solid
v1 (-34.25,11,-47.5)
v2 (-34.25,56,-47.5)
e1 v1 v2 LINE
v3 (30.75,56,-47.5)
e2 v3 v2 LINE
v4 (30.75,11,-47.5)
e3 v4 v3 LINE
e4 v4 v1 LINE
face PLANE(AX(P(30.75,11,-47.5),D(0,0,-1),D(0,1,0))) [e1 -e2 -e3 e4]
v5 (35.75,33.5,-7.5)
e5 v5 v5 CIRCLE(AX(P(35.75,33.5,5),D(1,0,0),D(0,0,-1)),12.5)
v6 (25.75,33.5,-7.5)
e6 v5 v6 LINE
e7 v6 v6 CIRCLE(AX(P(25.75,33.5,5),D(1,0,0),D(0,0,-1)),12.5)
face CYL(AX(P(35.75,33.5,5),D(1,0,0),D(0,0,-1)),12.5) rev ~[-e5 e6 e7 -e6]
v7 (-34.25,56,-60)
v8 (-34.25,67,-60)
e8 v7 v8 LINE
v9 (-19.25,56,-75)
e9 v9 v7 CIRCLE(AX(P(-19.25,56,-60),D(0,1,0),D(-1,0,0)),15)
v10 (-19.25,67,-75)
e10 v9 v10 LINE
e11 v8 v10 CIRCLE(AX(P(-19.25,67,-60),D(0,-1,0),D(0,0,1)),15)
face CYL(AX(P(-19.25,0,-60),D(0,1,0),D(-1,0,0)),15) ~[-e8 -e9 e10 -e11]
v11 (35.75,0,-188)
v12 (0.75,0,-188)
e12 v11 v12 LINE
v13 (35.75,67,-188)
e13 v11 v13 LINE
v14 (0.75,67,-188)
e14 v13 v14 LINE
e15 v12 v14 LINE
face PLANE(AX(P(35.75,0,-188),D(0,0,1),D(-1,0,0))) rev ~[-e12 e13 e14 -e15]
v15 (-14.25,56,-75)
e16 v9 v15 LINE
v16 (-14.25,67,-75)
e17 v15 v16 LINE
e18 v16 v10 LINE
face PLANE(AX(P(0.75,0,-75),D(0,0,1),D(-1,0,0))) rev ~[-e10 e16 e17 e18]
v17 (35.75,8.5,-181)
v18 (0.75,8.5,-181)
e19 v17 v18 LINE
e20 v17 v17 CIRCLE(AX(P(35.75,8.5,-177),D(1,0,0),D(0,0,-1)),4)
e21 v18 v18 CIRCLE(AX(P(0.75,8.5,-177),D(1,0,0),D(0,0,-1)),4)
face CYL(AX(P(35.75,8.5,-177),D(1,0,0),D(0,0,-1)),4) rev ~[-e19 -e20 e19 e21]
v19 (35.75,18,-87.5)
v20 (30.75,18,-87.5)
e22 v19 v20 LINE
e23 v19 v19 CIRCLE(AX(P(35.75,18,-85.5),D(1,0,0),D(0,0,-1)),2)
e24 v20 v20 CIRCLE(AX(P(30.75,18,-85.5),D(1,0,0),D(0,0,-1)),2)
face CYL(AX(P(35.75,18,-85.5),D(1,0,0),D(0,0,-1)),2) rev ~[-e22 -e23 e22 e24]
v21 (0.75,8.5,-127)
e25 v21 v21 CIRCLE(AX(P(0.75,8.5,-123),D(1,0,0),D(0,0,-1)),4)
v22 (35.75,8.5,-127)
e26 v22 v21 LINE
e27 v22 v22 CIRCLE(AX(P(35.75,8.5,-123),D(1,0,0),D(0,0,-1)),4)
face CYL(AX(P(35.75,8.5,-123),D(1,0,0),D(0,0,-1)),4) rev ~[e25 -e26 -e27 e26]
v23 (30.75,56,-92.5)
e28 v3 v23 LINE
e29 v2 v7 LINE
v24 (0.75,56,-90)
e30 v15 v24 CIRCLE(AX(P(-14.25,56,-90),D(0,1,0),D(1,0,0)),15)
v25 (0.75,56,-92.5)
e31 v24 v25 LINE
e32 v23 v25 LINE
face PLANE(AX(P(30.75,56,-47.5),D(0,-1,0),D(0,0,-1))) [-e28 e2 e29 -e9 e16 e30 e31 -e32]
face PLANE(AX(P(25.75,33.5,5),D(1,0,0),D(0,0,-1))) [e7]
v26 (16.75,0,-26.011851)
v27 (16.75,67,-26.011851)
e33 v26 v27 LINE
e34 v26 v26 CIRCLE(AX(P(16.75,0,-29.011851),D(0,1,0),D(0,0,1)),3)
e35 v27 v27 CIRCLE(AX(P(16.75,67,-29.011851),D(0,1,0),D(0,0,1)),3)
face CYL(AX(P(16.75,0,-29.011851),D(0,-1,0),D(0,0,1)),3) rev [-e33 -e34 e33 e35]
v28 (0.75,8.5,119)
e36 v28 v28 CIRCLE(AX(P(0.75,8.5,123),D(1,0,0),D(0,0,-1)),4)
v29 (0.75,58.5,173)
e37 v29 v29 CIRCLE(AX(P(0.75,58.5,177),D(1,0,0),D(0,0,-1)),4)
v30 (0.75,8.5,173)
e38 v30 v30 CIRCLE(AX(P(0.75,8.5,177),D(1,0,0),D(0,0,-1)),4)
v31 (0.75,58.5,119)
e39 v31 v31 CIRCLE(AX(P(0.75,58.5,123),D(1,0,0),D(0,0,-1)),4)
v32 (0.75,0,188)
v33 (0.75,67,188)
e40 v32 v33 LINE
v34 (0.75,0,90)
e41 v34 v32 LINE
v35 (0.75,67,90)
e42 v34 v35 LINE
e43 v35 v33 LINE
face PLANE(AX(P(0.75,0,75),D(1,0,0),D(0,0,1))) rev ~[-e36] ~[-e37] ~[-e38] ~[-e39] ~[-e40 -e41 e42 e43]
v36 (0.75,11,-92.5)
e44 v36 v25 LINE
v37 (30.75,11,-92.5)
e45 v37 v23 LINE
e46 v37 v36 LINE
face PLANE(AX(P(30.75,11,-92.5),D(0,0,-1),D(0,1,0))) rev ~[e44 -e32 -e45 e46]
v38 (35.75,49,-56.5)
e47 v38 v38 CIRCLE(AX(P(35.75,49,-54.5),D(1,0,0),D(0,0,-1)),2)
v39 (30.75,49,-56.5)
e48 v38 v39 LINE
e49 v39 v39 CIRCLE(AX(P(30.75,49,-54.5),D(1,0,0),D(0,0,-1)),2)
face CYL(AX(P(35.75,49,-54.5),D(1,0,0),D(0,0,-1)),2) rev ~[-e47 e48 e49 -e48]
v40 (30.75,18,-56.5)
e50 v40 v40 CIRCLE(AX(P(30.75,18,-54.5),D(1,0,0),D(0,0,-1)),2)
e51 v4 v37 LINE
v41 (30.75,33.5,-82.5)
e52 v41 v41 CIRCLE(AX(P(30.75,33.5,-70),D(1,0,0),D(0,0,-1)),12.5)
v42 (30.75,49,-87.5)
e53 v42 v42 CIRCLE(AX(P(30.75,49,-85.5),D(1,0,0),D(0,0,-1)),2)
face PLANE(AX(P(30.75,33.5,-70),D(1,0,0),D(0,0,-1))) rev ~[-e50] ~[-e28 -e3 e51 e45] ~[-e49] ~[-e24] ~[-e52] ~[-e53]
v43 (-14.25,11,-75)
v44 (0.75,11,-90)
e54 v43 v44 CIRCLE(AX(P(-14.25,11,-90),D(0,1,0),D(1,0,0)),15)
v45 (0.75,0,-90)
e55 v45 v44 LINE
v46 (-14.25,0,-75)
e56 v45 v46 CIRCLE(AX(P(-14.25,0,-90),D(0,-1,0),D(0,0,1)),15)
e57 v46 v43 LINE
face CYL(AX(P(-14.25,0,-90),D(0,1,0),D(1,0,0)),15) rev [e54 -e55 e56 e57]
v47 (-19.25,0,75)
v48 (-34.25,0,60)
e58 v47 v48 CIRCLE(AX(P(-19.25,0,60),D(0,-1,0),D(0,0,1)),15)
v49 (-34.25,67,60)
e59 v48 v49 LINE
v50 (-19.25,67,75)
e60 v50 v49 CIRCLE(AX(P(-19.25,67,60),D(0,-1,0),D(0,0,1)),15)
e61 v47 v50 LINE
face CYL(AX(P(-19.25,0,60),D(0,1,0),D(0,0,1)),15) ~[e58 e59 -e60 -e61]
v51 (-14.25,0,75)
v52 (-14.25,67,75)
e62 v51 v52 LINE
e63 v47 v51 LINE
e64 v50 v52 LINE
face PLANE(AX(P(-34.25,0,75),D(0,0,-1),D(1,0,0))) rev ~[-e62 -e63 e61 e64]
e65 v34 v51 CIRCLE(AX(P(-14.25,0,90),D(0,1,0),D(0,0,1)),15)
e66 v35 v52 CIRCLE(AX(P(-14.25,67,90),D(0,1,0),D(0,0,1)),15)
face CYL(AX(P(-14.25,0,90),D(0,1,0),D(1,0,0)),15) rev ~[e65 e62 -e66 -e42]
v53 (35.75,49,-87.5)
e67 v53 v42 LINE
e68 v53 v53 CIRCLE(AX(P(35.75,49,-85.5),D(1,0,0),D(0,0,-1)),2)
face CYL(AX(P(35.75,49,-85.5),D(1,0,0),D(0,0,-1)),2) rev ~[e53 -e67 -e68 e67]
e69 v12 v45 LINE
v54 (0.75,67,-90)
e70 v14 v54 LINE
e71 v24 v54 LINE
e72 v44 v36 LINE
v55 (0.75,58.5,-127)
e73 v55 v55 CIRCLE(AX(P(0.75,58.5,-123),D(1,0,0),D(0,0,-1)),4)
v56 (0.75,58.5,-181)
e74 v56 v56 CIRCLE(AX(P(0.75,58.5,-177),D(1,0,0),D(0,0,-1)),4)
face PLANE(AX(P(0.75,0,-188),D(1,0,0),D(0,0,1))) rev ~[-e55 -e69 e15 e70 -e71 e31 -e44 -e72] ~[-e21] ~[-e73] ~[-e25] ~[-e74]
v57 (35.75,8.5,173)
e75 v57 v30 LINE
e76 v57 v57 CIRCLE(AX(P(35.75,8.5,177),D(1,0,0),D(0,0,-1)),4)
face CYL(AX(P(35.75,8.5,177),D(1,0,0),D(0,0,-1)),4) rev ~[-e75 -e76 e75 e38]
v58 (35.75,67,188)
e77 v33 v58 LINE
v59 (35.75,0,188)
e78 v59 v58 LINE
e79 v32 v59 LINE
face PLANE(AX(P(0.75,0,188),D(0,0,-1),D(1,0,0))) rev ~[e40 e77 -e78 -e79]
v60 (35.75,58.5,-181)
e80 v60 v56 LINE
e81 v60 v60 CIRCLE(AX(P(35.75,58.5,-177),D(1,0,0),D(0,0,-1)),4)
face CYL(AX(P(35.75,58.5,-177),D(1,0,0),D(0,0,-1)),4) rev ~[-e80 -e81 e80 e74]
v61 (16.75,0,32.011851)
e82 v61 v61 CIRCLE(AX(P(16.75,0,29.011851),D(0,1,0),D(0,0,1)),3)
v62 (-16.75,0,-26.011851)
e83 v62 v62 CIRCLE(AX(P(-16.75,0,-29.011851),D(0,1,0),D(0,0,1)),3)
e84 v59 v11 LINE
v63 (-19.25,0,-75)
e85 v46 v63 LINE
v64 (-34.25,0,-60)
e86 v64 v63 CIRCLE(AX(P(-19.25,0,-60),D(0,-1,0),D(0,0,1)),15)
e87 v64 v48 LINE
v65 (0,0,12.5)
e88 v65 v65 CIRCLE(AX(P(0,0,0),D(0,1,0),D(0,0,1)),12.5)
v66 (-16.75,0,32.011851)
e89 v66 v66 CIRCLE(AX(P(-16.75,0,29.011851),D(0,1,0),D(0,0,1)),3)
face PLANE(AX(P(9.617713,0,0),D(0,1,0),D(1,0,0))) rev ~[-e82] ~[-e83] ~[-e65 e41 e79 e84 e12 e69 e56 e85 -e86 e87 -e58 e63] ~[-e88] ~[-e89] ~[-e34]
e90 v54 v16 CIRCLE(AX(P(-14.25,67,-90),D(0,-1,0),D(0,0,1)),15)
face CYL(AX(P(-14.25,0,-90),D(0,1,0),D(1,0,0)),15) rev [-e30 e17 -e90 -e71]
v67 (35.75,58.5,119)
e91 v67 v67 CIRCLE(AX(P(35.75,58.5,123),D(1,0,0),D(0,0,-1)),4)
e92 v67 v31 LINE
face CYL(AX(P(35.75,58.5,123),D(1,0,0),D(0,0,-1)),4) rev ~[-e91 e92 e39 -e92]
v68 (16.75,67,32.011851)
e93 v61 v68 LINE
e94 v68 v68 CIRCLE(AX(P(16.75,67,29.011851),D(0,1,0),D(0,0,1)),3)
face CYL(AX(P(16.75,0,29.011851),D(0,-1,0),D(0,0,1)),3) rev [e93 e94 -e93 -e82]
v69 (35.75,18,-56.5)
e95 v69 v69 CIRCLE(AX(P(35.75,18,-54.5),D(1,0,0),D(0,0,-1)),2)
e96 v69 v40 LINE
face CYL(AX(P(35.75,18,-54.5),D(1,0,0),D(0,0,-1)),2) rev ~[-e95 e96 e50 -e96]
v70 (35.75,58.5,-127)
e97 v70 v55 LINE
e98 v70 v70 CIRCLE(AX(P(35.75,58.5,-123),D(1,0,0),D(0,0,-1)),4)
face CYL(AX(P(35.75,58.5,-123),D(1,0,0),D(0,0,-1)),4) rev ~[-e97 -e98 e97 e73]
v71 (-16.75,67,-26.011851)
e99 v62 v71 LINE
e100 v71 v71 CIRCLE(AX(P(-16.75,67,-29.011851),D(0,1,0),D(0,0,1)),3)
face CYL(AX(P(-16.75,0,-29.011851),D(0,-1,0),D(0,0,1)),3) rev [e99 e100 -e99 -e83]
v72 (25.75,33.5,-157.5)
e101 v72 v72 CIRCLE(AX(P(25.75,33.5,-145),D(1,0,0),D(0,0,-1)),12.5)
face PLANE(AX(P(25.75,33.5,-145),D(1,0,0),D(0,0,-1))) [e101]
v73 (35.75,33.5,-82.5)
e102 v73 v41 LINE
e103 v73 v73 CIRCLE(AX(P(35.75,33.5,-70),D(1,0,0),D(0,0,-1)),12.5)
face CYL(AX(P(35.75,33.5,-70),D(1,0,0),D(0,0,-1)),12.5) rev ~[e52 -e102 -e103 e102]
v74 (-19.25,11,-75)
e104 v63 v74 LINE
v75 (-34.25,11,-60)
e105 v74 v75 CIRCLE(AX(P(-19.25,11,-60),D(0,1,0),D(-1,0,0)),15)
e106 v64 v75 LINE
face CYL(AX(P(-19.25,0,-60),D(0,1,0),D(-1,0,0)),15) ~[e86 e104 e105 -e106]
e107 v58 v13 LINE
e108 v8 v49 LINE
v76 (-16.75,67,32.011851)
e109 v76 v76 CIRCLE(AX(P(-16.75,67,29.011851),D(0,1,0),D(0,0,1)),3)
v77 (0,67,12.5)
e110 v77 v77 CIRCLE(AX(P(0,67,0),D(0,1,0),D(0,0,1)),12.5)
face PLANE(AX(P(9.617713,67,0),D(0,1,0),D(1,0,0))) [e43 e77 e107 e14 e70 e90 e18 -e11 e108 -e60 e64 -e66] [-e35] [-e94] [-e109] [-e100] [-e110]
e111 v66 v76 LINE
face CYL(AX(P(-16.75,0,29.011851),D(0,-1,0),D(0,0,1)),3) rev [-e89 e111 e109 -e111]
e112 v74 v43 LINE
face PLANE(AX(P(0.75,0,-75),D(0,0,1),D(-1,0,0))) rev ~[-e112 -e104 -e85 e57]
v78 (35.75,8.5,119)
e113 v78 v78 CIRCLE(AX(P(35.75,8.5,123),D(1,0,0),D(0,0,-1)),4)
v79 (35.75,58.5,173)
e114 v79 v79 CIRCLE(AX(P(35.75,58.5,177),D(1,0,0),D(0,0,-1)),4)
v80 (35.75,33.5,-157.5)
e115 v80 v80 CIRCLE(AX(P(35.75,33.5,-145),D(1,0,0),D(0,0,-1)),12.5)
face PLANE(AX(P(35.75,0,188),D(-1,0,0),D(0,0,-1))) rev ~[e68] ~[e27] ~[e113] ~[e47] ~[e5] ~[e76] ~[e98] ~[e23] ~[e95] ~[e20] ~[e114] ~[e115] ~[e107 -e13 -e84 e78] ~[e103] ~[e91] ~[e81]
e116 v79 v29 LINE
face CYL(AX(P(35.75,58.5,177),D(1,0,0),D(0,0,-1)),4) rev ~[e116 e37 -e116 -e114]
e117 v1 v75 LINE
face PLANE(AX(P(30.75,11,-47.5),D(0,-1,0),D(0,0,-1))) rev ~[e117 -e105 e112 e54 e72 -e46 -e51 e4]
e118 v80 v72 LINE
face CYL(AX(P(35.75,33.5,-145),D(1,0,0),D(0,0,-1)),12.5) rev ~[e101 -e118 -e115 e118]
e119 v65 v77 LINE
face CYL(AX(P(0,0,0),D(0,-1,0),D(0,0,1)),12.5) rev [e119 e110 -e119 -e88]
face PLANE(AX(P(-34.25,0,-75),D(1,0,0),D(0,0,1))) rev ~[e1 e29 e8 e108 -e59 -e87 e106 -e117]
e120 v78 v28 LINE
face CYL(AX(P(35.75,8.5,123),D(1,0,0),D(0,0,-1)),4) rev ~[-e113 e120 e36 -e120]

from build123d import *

# Parameters (mm, degrees)
SKETCH1_R           = 12.5
SKETCH1_R_2         = 3
BOSS_EXTRUDE1_DEPTH = 67
SKETCH2_R           = 4
CUT_EXTRUDE1_DEPTH  = 212.501773042
FILLET1_R           = 15
CUT_EXTRUDE3_REACH  = 218.502
CUT_EXTRUDE3_START  = -5
SKETCH3_W           = 45
SKETCH3_H           = 45
SKETCH3_R           = 2
SKETCH3_R_2         = 12.5
SKETCH3_2_R         = 2
SKETCH3_2_R_2       = 12.5
CUT_EXTRUDE4_DEPTH  = 212.501773075
SKETCH3_4_R         = 12.5
CUT_EXTRUDE5_DEPTH  = 10


with BuildPart() as part:
    # Sketch1 → Boss-Extrude1 (new body)
    with BuildSketch(Plane(origin=(0, 0, 0), x_dir=(1, 0, 0), z_dir=(0, 1, 0))):
        Polygon((0.75, -188), (35.75, -188), (35.75, 188), (0.75, 188), (0.75, 75), (-34.25, 75), (-34.25, -75), (0.75, -75), align=None)
        with Locations(Location((0, 0, 0), (0, 0, 270))):
            Circle(SKETCH1_R, mode=Mode.SUBTRACT)
        with Locations(Location((-16.75, -29.011851027, 0), (0, 0, 270))):
            Circle(SKETCH1_R_2, mode=Mode.SUBTRACT)
        with Locations(Location((16.75, -29.011851027, 0), (0, 0, 270))):
            Circle(SKETCH1_R_2, mode=Mode.SUBTRACT)
        with Locations(Location((16.75, 29.011851027, 0), (0, 0, 270))):
            Circle(SKETCH1_R_2, mode=Mode.SUBTRACT)
        with Locations(Location((-16.75, 29.011851027, 0), (0, 0, 270))):
            Circle(SKETCH1_R_2, mode=Mode.SUBTRACT)
    extrude(amount=BOSS_EXTRUDE1_DEPTH)

    # Sketch2 → Cut-Extrude1 (cut, through all)
    with BuildSketch(Plane(origin=(35.75, 0, 0), x_dir=(0, 0, -1), z_dir=(1, 0, 0))):
        with Locations((-177, 58.5)):
            Circle(SKETCH2_R)
        with Locations((-123, 58.5)):
            Circle(SKETCH2_R)
        with Locations((-177, 8.5)):
            Circle(SKETCH2_R)
        with Locations((-123, 8.5)):
            Circle(SKETCH2_R)
        with Locations((177, 58.5)):
            Circle(SKETCH2_R)
        with Locations((177, 8.5)):
            Circle(SKETCH2_R)
        with Locations((123, 8.5)):
            Circle(SKETCH2_R)
        with Locations((123, 58.5)):
            Circle(SKETCH2_R)
    extrude(amount=-CUT_EXTRUDE1_DEPTH, mode=Mode.SUBTRACT)

    # Fillet1
    fillet1_edges = [part.edges().sort_by_distance(p)[0] for p in [
        (0.75, 33.5, 75),
        (-34.25, 33.5, 75),
        (-34.25, 33.5, -75),
        (0.75, 33.5, -75),
    ]]
    fillet(fillet1_edges, radius=FILLET1_R)

    # Cut-Extrude3: up to this face of the body (flat: up to its plane)
    cut_extrude3_end = Plane(part.part.faces().sort_by_distance((-34.25, 33.5, 0))[0])
    # Sketch3 → Cut-Extrude3 (cut, up to the picked face)
    with BuildSketch(Plane(origin=(35.75, 0, 0), x_dir=(0, 0, -1), z_dir=(1, 0, 0)).offset(CUT_EXTRUDE3_START), mode=Mode.PRIVATE) as cut_extrude3_sk1:
        with Locations((70, 33.5)):
            Rectangle(SKETCH3_W, SKETCH3_H)
        with Locations((54.5, 49)):
            Circle(SKETCH3_R, mode=Mode.SUBTRACT)
        with Locations((54.5, 18)):
            Circle(SKETCH3_R, mode=Mode.SUBTRACT)
        with Locations((85.5, 18)):
            Circle(SKETCH3_R, mode=Mode.SUBTRACT)
        with Locations((85.5, 49)):
            Circle(SKETCH3_R, mode=Mode.SUBTRACT)
        with Locations((70, 33.5)):
            Circle(SKETCH3_R_2, mode=Mode.SUBTRACT)
    cut_extrude3_tool1 = split(extrude(cut_extrude3_sk1.sketch, amount=-CUT_EXTRUDE3_REACH, mode=Mode.PRIVATE), bisect_by=cut_extrude3_end, keep=Keep.BOTH, mode=Mode.PRIVATE)
    add(cut_extrude3_tool1.solids().sort_by(Axis((30.75, 11.636396, -70), (-1, 0, 0)))[0], mode=Mode.SUBTRACT)

    # Sketch3<2> → Cut-Extrude4 (cut, through all)
    with BuildSketch(Plane(origin=(35.75, 0, 0), x_dir=(0, 0, -1), z_dir=(1, 0, 0))):
        with Locations((54.5, 49)):
            Circle(SKETCH3_2_R)
        with Locations((85.5, 49)):
            Circle(SKETCH3_2_R)
        with Locations((85.5, 18)):
            Circle(SKETCH3_2_R)
        with Locations((54.5, 18)):
            Circle(SKETCH3_2_R)
        with Locations((70, 33.5)):
            Circle(SKETCH3_2_R_2)
    extrude(amount=-CUT_EXTRUDE4_DEPTH, mode=Mode.SUBTRACT)

    # Sketch3<4> → Cut-Extrude5 (cut)
    with BuildSketch(Plane(origin=(35.75, 0, 0), x_dir=(0, 0, -1), z_dir=(1, 0, 0))):
        with Locations((-5, 33.5)):
            Circle(SKETCH3_4_R)
        with Locations((145, 33.5)):
            Circle(SKETCH3_4_R)
    extrude(amount=-CUT_EXTRUDE5_DEPTH, mode=Mode.SUBTRACT)


solid = part.part
